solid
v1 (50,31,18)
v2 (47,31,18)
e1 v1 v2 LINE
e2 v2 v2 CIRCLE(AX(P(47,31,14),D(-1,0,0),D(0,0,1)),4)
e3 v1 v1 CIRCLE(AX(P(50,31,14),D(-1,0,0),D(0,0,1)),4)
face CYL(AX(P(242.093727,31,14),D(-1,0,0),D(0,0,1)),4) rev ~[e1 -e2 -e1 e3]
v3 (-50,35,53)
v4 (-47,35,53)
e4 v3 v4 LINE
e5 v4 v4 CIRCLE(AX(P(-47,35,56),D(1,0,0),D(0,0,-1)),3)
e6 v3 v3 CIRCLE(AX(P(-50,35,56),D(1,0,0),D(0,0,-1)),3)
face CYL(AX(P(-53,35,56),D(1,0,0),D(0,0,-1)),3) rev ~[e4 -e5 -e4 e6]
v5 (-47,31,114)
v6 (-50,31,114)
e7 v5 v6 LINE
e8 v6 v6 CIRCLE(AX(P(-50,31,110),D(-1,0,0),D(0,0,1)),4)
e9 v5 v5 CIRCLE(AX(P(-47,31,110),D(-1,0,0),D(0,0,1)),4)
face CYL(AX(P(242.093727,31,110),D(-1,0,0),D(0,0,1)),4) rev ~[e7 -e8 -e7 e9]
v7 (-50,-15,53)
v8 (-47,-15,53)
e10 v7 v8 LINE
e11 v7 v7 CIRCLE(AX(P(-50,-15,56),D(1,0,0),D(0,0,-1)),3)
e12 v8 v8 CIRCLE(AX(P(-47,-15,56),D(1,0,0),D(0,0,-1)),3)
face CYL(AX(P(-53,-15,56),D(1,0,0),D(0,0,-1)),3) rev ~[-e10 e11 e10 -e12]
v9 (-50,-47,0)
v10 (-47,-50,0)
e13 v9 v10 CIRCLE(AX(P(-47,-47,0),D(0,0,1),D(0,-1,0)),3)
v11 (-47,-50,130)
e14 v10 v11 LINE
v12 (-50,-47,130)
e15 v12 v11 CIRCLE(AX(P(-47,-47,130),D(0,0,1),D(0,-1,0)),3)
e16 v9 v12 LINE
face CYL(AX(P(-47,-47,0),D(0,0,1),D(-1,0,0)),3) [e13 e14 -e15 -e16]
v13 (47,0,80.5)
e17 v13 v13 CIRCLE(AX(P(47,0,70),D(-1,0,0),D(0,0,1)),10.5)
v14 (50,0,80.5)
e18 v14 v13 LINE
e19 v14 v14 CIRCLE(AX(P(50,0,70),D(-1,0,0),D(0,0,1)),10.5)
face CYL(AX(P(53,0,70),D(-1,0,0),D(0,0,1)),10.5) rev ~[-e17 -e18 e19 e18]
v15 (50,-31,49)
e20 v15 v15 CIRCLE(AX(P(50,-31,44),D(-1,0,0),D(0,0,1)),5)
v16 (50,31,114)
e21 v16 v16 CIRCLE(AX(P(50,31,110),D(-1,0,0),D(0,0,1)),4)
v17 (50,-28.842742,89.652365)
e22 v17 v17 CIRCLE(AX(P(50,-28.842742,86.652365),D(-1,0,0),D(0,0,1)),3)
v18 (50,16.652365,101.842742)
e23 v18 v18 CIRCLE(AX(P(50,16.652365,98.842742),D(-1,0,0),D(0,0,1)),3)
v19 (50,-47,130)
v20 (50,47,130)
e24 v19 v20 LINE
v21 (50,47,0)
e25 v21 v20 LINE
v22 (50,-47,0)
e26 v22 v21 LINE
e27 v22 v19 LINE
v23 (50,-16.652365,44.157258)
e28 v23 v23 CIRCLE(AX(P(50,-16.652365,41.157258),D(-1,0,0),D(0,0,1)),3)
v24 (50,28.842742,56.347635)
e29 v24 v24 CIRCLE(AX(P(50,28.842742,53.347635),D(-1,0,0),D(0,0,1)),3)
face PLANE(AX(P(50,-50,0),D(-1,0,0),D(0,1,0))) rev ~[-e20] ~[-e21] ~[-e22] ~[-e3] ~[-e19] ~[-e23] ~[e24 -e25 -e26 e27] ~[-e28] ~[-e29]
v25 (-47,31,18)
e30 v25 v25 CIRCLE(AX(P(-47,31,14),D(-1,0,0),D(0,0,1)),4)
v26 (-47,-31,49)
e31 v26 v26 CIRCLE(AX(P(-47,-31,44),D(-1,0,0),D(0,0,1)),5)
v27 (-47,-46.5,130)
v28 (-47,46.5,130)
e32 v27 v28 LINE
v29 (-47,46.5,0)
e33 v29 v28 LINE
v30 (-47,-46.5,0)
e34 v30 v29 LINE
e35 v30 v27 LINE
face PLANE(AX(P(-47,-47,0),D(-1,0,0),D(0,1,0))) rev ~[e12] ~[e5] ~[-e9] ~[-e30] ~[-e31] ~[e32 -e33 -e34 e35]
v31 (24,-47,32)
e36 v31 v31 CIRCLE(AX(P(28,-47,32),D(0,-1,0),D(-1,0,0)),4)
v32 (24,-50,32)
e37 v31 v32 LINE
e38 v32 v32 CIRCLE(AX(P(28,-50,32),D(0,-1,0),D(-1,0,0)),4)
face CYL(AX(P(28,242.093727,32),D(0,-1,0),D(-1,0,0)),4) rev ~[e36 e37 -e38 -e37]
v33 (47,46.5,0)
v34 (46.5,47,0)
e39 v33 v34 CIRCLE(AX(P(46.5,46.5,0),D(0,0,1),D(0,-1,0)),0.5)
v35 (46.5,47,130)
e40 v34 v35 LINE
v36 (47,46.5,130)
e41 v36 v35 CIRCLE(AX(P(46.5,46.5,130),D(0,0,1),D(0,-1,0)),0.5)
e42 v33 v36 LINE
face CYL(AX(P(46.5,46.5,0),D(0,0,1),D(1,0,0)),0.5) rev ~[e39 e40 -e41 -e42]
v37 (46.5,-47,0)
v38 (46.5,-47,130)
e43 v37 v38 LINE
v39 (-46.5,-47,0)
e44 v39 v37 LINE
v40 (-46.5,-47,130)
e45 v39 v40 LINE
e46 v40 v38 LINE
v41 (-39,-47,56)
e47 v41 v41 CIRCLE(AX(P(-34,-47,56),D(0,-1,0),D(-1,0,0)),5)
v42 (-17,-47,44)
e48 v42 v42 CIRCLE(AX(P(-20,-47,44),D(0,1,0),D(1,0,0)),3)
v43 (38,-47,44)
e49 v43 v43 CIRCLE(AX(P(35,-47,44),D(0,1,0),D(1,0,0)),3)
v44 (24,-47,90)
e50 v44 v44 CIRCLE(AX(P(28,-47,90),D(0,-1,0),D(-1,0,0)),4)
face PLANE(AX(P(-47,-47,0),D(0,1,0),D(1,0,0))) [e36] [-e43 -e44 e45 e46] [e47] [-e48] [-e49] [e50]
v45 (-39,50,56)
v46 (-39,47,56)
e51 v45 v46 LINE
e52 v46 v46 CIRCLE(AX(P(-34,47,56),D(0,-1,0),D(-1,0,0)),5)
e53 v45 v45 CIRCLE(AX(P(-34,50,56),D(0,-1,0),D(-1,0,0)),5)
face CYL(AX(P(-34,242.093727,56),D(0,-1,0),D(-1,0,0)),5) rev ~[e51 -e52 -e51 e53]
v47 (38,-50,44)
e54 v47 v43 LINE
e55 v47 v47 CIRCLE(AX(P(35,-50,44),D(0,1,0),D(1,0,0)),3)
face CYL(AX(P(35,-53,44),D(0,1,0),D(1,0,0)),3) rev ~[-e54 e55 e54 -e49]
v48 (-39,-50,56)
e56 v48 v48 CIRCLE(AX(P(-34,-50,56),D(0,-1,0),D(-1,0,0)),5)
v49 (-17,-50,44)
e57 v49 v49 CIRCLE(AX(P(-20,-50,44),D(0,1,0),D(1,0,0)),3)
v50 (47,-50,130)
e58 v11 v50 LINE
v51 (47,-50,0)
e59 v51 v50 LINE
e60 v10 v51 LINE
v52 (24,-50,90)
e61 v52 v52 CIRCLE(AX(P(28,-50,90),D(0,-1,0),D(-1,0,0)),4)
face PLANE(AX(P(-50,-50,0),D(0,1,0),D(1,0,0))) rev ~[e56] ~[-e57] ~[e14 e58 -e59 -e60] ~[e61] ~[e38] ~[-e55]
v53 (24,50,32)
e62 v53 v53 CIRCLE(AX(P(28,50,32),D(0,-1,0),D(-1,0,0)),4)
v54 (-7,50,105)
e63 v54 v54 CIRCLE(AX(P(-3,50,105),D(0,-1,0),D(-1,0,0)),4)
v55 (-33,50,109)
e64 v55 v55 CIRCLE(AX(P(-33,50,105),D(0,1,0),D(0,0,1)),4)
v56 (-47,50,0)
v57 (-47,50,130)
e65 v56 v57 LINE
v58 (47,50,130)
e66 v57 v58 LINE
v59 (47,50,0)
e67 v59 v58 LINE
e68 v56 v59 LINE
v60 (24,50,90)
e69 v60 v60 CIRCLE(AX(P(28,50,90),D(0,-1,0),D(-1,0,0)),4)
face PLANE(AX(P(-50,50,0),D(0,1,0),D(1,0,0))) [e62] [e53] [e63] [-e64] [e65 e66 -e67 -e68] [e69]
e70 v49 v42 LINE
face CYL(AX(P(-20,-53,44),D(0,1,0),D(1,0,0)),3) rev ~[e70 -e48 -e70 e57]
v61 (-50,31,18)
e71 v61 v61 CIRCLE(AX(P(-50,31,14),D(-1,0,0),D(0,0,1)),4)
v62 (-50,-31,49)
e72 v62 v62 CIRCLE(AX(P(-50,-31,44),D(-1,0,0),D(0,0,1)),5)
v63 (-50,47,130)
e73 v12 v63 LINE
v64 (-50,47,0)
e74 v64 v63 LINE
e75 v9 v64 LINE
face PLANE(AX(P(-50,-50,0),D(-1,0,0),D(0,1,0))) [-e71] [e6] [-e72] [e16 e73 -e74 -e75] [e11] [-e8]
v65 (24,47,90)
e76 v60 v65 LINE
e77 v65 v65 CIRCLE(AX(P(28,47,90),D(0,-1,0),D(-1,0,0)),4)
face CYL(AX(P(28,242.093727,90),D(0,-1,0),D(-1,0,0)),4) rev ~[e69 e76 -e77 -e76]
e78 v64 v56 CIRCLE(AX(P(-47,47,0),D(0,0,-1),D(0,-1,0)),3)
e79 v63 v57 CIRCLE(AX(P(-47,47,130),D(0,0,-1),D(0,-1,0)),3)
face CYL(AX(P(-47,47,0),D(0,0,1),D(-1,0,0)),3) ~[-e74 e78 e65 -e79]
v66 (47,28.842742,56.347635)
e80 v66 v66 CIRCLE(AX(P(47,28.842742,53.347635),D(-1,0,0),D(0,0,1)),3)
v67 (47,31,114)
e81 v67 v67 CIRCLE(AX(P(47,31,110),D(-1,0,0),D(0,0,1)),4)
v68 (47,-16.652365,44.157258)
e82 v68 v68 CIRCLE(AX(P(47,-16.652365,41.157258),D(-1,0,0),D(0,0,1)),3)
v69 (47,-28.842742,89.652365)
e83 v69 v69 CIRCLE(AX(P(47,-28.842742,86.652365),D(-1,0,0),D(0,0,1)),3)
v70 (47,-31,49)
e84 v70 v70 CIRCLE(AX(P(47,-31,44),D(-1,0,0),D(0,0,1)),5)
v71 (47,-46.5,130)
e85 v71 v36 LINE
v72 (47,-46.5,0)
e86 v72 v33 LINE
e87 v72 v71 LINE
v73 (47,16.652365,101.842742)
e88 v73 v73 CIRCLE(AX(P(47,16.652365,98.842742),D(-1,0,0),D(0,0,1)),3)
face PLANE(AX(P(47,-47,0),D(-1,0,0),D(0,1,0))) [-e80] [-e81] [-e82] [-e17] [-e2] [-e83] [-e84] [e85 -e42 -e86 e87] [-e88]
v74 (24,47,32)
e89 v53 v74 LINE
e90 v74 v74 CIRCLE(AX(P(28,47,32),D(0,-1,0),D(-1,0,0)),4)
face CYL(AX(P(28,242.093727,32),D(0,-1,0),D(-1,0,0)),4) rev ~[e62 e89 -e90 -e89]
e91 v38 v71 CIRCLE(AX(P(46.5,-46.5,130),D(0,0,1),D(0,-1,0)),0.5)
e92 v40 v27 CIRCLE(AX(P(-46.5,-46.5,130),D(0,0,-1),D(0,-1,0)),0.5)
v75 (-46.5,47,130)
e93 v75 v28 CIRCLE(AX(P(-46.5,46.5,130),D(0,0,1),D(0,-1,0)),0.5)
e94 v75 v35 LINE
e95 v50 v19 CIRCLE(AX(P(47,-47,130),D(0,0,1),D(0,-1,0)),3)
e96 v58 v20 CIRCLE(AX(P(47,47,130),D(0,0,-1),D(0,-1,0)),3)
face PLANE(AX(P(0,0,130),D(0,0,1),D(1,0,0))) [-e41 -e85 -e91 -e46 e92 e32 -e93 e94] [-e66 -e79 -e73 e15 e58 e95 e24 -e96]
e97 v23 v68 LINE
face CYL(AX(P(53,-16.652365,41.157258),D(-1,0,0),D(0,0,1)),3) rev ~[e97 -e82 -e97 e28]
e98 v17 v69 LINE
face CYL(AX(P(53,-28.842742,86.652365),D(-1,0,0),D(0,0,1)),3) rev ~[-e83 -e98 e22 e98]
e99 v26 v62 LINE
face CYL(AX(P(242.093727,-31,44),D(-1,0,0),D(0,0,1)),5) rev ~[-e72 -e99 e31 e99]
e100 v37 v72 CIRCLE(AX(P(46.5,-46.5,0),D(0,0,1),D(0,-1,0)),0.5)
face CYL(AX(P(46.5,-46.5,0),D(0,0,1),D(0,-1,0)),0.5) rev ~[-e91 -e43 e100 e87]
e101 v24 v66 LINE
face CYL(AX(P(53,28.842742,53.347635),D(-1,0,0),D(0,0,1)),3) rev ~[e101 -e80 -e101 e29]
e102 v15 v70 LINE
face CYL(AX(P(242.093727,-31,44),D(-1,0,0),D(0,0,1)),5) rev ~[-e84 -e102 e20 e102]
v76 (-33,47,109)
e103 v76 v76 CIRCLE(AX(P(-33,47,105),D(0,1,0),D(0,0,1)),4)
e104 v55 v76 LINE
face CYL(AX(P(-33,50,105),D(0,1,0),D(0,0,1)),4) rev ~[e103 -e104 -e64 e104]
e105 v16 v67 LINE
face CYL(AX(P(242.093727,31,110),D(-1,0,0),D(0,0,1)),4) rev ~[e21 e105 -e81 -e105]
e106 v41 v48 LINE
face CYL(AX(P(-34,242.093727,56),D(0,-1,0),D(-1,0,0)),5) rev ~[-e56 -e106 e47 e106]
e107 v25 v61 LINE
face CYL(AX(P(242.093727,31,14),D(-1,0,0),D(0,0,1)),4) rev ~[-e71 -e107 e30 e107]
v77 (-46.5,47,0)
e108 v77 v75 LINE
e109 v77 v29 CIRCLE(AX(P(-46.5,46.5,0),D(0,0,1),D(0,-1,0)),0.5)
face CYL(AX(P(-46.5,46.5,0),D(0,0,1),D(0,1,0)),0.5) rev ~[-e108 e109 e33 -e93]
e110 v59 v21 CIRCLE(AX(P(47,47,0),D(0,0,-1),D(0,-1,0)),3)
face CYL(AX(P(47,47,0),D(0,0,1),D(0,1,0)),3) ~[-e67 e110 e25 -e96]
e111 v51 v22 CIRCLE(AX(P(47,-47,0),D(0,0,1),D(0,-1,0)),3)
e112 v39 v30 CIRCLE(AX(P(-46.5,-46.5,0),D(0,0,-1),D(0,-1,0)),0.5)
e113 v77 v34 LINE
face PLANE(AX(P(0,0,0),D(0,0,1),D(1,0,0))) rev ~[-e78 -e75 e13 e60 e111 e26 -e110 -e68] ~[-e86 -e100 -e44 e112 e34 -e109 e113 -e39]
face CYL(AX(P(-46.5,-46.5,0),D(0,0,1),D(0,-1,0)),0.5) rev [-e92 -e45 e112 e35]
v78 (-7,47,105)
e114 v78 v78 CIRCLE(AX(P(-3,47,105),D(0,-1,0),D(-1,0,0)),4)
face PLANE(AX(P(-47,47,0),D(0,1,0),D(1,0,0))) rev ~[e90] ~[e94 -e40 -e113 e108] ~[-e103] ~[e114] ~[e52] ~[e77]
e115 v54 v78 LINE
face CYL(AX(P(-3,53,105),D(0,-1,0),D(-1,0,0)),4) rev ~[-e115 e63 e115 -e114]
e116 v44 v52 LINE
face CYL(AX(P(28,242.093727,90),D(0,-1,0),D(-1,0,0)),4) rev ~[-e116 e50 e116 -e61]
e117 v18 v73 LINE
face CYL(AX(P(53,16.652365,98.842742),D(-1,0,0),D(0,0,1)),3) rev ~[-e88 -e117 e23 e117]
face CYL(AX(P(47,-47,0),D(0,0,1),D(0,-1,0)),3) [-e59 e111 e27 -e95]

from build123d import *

# Parameters (mm, degrees)
SKETCH1_W                      = 100
SKETCH1_H                      = 100
SKETCH1_W_2                    = 94
SKETCH1_H_2                    = 94
EXTRUDE_THIN1_DEPTH            = 130
FILLET1_R                      = 0.5
FILLET2_R                      = 3
F_8_0_8_DIAMETER_HOLE2_D       = 8
F_8_0_8_DIAMETER_HOLE3_D       = 8
F_10_0_10_DIAMETER_HOLE1_D     = 10
F_10_0_10_DIAMETER_HOLE2_D     = 10
F_6_0_6_DIAMETER_HOLE2_D       = 6
F_6_0_6_DIAMETER_HOLE2_DEPTH   = 3
F_6_0_6_DIAMETER_HOLE3_D       = 6
F_6_0_6_DIAMETER_HOLE3_DEPTH   = 3
F_21_0_21_DIAMETER_HOLE1_D     = 21
F_21_0_21_DIAMETER_HOLE1_DEPTH = 3
F_6_0_6_DIAMETER_HOLE1_D       = 6
F_6_0_6_DIAMETER_HOLE1_DEPTH   = 3
F_8_0_8_DIAMETER_HOLE4_D       = 8
F_8_0_8_DIAMETER_HOLE4_DEPTH   = 3
SKETCH33_R                     = 4
CUT_EXTRUDE1_DEPTH             = 10


with BuildPart() as part:
    # Sketch1 → Extrude-Thin1 (new body)
    with BuildSketch(Plane.XY):
        Rectangle(SKETCH1_W, SKETCH1_H)
        Rectangle(SKETCH1_W_2, SKETCH1_H_2, mode=Mode.SUBTRACT)
    extrude(amount=EXTRUDE_THIN1_DEPTH)

    # Fillet1
    fillet1_edges = [part.edges().sort_by_distance(p)[0] for p in [
        (47, -47, 65),
        (47, 47, 65),
        (-47, 47, 65),
        (-47, -47, 65),
    ]]
    fillet(fillet1_edges, radius=FILLET1_R)

    # Fillet2
    fillet2_edges = [part.edges().sort_by_distance(p)[0] for p in [
        (50, -50, 65),
        (-50, -50, 65),
        (-50, 50, 65),
        (50, 50, 65),
    ]]
    fillet(fillet2_edges, radius=FILLET2_R)

    # Ø8.0 (8) Diameter Hole2 (through all)
    with Locations(Plane(origin=(0, 50, 0), x_dir=(1, 0, 0), z_dir=(0, 1, 0))):
        with Locations((28, -32), (28, -90)):
            Hole(F_8_0_8_DIAMETER_HOLE2_D / 2)

    # Ø8.0 (8) Diameter Hole3 (through all)
    with Locations(Plane(origin=(50, 0, 0), x_dir=(0, 0, -1), z_dir=(1, 0, 0))):
        with Locations((-14, 31), (-110, 31)):
            Hole(F_8_0_8_DIAMETER_HOLE3_D / 2)

    # Ø10.0 (10) Diameter Hole1 (through all)
    with Locations(Plane(origin=(0, 50, 0), x_dir=(1, 0, 0), z_dir=(0, 1, 0))):
        with Locations((-34, -56)):
            Hole(F_10_0_10_DIAMETER_HOLE1_D / 2)

    # Ø10.0 (10) Diameter Hole2 (through all)
    with Locations(Plane(origin=(50, 0, 0), x_dir=(0, 0, -1), z_dir=(1, 0, 0))):
        with Locations((-44, -31)):
            Hole(F_10_0_10_DIAMETER_HOLE2_D / 2)

    # Ø6.0 (6) Diameter Hole2
    with Locations(Plane.ZY.offset(50)):
        with Locations((56, -15), (56, 35)):
            Hole(F_6_0_6_DIAMETER_HOLE2_D / 2, depth=F_6_0_6_DIAMETER_HOLE2_DEPTH)

    # Ø6.0 (6) Diameter Hole3
    with Locations(Plane(origin=(0, -50, 0), x_dir=(-1, 0, 0), z_dir=(0, -1, 0))):
        with Locations((20, -44), (-35, -44)):
            Hole(F_6_0_6_DIAMETER_HOLE3_D / 2, depth=F_6_0_6_DIAMETER_HOLE3_DEPTH)

    # Ø21.0 (21) Diameter Hole1
    with Locations(Plane(origin=(50, 0, 0), x_dir=(0, 0, -1), z_dir=(1, 0, 0))):
        with Locations((-70, 0)):
            Hole(F_21_0_21_DIAMETER_HOLE1_D / 2, depth=F_21_0_21_DIAMETER_HOLE1_DEPTH)

    # Ø6.0 (6) Diameter Hole1
    with Locations(Plane(origin=(50, 0, 0), x_dir=(0, 0, -1), z_dir=(1, 0, 0))):
        with Locations((-41.157258279, -16.652364697), (-53.347635303, 28.842741721), (-98.842741721, 16.652364697), (-86.652364697, -28.842741721)):
            Hole(F_6_0_6_DIAMETER_HOLE1_D / 2, depth=F_6_0_6_DIAMETER_HOLE1_DEPTH)

    # Ø8.0 (8) Diameter Hole4
    with Locations(Plane(origin=(0, 50, 0), x_dir=(1, 0, 0), z_dir=(0, 1, 0))):
        with Locations((-3, -105)):
            Hole(F_8_0_8_DIAMETER_HOLE4_D / 2, depth=F_8_0_8_DIAMETER_HOLE4_DEPTH)

    # Sketch33 → Cut-Extrude1 (cut)
    with BuildSketch(Plane(origin=(0, 50, 0), x_dir=(1, 0, 0), z_dir=(0, 1, 0))):
        with Locations(Location((-33, -105, 0), (0, 0, 270))):
            Circle(SKETCH33_R)
    extrude(amount=-CUT_EXTRUDE1_DEPTH, mode=Mode.SUBTRACT)


solid = part.part
